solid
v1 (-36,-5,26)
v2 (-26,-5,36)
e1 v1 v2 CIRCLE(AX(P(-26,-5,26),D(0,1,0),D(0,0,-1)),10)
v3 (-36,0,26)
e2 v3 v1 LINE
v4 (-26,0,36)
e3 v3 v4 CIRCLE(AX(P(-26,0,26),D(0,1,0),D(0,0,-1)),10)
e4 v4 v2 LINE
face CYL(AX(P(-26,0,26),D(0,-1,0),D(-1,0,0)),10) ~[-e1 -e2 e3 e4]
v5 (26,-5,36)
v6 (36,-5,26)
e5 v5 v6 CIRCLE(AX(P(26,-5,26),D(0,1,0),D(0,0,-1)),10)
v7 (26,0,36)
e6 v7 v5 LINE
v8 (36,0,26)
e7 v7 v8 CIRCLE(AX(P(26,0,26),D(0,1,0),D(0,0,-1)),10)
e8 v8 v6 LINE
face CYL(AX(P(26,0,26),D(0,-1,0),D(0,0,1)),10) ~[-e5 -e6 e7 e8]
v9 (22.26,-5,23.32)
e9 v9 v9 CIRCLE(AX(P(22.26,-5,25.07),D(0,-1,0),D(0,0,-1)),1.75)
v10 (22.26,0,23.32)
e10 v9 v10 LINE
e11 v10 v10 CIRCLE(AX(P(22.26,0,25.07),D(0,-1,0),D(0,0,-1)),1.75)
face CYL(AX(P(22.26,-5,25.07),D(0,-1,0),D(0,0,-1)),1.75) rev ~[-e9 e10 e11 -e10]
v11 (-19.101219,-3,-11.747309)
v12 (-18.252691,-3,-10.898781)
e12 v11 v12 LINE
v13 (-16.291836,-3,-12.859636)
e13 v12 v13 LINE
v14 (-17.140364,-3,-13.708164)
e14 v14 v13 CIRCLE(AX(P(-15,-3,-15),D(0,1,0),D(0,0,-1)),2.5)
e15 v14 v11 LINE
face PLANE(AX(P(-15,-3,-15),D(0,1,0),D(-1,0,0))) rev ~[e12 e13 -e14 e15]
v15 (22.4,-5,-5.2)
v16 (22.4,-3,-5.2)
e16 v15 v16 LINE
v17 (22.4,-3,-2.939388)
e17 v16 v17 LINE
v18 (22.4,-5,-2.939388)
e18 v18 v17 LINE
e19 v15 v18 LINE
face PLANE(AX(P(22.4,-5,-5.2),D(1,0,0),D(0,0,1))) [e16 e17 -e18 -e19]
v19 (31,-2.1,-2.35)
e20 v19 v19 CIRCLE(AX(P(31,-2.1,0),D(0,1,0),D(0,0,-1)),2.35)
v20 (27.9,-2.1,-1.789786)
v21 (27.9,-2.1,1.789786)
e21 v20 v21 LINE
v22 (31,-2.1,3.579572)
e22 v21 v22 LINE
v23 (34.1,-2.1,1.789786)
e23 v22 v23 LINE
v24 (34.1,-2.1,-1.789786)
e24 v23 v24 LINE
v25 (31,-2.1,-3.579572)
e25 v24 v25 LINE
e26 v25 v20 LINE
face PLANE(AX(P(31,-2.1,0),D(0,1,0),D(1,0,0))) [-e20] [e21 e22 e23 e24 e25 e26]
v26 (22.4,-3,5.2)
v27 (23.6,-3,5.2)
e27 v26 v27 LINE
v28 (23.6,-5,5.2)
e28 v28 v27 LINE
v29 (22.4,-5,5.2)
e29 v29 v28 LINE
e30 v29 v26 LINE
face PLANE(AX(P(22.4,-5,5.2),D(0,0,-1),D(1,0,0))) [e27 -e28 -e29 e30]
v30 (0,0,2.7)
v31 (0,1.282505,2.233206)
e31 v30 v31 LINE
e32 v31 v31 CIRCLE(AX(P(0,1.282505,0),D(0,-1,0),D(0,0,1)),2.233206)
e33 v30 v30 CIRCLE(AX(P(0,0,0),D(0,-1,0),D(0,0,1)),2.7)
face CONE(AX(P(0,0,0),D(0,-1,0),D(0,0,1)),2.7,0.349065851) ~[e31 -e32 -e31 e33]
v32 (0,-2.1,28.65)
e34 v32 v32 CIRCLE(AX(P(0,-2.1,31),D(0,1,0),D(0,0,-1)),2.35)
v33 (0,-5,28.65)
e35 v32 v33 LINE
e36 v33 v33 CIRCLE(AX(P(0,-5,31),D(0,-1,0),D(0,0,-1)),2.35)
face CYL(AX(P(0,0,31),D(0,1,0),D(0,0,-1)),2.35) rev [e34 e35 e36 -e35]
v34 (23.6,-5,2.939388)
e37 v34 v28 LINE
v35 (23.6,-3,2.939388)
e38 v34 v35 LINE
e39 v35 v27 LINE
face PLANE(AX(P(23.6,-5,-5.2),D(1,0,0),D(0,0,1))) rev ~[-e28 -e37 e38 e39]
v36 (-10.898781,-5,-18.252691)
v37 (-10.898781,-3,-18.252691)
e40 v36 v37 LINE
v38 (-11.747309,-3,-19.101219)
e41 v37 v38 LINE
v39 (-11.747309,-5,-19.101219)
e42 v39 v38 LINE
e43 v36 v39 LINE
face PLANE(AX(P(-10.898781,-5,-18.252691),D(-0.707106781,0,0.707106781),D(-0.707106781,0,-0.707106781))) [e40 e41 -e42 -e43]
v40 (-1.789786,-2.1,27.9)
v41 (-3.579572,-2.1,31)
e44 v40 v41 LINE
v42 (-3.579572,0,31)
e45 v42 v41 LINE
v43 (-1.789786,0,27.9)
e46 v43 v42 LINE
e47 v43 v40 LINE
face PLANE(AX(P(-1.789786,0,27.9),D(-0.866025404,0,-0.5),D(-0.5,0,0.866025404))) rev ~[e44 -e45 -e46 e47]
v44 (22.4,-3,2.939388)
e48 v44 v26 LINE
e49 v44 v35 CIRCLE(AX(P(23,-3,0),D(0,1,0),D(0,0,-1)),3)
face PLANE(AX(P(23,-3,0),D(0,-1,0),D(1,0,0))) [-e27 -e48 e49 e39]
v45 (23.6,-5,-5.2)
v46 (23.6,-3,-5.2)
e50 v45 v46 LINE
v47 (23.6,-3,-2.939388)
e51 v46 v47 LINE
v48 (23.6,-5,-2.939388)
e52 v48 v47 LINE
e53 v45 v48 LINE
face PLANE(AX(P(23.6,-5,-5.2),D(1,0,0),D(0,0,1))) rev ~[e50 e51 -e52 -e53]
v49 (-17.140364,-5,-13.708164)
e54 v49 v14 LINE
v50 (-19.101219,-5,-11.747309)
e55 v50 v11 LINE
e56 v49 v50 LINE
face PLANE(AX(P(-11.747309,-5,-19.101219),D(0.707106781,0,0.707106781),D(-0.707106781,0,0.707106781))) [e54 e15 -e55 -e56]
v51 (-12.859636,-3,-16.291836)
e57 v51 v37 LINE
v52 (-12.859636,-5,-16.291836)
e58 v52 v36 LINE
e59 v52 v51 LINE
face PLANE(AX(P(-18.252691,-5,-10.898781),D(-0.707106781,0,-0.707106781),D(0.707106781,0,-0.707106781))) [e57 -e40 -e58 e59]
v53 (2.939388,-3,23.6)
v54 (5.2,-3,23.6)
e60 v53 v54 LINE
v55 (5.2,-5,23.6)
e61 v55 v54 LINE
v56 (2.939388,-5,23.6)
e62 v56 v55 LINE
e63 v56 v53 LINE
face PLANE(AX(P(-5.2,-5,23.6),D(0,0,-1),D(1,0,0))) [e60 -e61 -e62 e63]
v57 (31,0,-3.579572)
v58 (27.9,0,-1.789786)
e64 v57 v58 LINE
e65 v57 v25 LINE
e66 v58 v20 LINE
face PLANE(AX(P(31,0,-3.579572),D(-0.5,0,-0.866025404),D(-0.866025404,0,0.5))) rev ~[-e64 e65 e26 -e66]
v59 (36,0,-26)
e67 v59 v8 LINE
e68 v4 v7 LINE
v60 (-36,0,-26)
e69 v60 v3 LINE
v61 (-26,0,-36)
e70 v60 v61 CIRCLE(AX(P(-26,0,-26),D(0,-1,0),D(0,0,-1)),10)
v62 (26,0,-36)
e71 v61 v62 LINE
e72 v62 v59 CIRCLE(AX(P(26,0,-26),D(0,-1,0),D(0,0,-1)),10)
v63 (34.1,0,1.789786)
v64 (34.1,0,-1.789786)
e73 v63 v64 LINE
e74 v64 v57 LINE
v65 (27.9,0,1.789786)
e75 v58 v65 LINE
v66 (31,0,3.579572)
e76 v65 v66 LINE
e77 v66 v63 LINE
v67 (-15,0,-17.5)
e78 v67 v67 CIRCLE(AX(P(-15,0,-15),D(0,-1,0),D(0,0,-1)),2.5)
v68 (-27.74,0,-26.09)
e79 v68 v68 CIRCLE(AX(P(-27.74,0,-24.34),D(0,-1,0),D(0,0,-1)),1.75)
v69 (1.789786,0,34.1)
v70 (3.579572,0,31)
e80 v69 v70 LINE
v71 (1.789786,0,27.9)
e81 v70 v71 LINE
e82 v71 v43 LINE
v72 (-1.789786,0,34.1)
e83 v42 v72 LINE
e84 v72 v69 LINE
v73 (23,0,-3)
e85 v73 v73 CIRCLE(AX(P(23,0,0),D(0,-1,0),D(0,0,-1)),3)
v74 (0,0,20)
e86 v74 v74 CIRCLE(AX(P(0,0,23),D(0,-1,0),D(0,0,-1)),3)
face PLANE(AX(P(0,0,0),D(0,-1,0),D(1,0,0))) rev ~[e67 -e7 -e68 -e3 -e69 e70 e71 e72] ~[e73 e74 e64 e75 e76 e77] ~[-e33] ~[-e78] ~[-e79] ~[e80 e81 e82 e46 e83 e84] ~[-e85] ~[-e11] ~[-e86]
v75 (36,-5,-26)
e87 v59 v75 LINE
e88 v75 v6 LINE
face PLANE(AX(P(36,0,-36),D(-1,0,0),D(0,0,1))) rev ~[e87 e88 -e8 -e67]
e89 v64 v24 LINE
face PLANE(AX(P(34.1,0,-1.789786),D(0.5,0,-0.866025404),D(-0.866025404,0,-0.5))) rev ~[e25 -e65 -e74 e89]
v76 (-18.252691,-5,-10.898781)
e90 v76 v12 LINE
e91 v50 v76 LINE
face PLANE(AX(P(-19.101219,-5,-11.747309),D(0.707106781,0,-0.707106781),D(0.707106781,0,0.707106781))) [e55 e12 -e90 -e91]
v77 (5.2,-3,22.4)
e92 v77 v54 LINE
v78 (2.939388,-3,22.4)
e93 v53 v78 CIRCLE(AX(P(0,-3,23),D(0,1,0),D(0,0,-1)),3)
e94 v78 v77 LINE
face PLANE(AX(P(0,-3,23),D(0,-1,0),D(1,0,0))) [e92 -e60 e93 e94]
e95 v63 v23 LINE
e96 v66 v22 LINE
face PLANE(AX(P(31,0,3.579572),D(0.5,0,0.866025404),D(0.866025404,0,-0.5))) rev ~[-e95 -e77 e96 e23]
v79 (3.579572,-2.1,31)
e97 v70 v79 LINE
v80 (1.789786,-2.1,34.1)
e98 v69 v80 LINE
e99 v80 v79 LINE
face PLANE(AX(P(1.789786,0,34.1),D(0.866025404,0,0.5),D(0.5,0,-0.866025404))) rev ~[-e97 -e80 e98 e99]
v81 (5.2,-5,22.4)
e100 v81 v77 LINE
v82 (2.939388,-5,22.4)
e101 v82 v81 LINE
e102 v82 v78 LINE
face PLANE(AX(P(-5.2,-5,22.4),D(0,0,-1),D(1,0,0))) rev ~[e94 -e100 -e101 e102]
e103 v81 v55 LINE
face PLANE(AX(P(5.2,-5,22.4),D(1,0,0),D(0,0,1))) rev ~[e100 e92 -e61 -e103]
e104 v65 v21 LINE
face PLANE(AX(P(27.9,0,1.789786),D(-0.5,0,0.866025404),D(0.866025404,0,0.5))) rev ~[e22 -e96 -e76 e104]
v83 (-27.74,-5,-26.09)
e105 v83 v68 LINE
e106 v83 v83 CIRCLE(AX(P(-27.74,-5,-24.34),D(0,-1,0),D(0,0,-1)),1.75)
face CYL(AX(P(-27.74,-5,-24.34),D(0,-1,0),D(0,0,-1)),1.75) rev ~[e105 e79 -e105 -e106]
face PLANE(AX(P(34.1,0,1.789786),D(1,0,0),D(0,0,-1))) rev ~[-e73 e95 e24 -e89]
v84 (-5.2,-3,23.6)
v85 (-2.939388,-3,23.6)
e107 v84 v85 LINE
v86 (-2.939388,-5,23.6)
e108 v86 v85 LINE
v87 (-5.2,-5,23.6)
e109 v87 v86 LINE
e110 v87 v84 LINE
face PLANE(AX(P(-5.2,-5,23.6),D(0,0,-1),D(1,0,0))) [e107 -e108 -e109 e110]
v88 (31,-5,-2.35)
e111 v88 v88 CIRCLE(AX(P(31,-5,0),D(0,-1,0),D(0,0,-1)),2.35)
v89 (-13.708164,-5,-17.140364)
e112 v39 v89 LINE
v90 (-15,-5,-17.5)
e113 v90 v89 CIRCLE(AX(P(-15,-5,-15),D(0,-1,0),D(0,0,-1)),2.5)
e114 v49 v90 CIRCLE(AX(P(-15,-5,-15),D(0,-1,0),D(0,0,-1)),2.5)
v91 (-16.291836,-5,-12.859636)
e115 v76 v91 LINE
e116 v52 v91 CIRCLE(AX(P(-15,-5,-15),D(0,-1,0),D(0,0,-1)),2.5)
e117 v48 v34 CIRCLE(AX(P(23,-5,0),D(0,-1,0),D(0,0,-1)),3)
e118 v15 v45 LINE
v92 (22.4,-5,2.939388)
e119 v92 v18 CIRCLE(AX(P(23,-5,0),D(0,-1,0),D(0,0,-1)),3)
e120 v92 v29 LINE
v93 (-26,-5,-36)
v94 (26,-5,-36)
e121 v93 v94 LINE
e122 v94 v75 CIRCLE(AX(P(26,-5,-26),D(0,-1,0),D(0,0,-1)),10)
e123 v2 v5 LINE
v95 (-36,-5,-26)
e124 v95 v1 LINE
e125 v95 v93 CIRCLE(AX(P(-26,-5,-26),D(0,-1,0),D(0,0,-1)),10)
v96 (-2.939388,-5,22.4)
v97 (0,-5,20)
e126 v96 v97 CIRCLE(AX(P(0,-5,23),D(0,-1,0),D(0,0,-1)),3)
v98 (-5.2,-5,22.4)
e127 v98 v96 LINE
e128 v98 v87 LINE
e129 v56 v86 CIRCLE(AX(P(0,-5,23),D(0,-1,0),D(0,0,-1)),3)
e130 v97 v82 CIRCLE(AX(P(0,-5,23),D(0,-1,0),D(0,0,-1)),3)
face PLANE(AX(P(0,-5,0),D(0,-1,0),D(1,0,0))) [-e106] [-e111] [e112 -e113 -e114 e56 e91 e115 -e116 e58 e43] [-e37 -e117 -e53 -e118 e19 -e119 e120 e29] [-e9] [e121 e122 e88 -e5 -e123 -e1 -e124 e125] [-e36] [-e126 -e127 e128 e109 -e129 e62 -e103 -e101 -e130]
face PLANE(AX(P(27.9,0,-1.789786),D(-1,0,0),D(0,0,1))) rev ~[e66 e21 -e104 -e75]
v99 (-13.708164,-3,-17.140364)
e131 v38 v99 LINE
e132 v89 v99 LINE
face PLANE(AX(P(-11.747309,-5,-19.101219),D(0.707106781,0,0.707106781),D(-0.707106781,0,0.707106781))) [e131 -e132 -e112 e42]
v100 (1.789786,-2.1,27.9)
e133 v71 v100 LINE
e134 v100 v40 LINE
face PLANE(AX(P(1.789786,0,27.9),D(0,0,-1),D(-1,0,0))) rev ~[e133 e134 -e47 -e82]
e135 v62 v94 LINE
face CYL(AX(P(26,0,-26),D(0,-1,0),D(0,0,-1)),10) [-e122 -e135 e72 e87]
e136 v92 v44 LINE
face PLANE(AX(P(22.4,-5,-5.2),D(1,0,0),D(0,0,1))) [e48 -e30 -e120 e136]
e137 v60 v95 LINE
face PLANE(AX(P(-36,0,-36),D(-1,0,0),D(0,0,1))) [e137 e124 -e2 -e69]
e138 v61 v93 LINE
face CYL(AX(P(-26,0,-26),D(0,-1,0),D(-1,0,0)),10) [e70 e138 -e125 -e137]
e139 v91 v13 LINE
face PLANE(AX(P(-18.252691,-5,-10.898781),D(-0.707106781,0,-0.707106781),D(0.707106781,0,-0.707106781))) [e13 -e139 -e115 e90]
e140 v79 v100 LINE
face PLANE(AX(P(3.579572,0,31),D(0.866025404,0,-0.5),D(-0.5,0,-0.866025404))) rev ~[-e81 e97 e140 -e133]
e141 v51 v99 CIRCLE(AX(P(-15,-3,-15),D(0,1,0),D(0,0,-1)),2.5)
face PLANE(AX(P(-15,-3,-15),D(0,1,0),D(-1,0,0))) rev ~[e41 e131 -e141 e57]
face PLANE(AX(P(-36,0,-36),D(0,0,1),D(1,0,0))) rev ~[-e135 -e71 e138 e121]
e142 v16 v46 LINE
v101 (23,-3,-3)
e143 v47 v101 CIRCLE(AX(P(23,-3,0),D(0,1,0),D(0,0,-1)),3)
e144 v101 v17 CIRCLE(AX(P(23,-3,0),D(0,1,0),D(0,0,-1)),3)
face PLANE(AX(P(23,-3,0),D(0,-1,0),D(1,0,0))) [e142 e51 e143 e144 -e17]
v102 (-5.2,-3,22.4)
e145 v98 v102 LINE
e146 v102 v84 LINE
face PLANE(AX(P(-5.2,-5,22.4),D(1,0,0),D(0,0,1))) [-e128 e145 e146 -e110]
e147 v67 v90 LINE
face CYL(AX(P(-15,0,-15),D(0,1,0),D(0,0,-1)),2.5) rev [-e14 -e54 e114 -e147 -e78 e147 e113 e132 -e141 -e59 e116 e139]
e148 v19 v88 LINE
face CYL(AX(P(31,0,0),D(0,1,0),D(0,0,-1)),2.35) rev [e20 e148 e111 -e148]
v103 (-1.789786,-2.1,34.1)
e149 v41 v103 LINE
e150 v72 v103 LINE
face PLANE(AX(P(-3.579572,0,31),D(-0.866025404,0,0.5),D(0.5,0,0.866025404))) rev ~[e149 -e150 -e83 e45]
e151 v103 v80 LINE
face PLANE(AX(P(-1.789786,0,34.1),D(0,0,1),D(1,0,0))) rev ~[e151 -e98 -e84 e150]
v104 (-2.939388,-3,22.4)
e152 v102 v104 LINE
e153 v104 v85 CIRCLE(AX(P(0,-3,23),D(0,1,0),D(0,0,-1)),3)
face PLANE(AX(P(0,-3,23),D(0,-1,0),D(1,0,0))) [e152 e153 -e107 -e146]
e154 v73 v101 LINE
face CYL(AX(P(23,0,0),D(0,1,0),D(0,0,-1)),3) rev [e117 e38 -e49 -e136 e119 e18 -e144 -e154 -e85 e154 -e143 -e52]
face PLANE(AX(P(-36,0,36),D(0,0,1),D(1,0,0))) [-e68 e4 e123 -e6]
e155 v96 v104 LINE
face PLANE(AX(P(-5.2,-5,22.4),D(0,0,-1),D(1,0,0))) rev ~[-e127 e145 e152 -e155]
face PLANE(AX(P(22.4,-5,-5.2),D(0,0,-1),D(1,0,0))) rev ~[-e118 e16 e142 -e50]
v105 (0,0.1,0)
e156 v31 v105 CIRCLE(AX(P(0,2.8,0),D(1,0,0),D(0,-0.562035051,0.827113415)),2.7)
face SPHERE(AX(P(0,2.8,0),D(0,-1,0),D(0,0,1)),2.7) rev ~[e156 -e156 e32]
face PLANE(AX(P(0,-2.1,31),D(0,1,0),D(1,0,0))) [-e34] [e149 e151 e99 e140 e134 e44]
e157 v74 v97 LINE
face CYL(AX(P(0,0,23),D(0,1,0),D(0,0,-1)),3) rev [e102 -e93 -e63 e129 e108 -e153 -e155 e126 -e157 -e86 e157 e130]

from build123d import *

# Parameters (mm, degrees)
SKETCH4_W           = 72
SKETCH4_H           = 72
SKETCH4_R           = 3
SKETCH4_R_2         = 2.5
SKETCH4_R_3         = 2.35
BOSS_EXTRUDE2_DEPTH = 5
SKETCH5_W           = 10.4
SKETCH5_H           = 1.2
SKETCH5_W_2         = 1.2
SKETCH5_H_2         = 10.4
CUT_EXTRUDE1_DEPTH  = 2
CUT_EXTRUDE2_DEPTH  = 2.1
FILLET1_R           = 10
SKETCH7_R           = 1.75
CUT_EXTRUDE3_DEPTH  = 5
SKETCH8_R           = 1.75
CUT_EXTRUDE4_DEPTH  = 5


with BuildPart() as part:
    # Sketch3 → Revolve1 (revolve)
    with BuildSketch(Plane.XY, mode=Mode.PRIVATE) as revolve1_sk:
        with BuildLine():
            Line((0, 0), (2.7, 0))
            Line((2.7, 0), (2.233206222, 1.282505364))
            ThreePointArc((2.233206222, 1.282505364), (1.26348021, 0.413869711), (0, 0.1))
            Line((0, 0.1), (0, 0))
        make_face()
    revolve(revolve1_sk.sketch.rotate(Axis((0, 0.1, 0), (0, -1, 0)), 90), axis=Axis((0, 0.1, 0), (0, -1, 0)))

    # Sketch4 → Boss-Extrude2 (add)
    with BuildSketch(Plane.XZ):
        Rectangle(SKETCH4_W, SKETCH4_H)
        with Locations(Location((23, 0, 0), (0, 0, 270))):
            Circle(SKETCH4_R, mode=Mode.SUBTRACT)
        with Locations(Location((0, 23, 0), (0, 0, 270))):
            Circle(SKETCH4_R, mode=Mode.SUBTRACT)
        with Locations(Location((-15, -15, 0), (0, 0, 270))):
            Circle(SKETCH4_R_2, mode=Mode.SUBTRACT)
        with Locations(Location((0, 31, 0), (0, 0, 270))):
            Circle(SKETCH4_R_3, mode=Mode.SUBTRACT)
        with Locations(Location((31, 0, 0), (0, 0, 270))):
            Circle(SKETCH4_R_3, mode=Mode.SUBTRACT)
    extrude(amount=BOSS_EXTRUDE2_DEPTH)

    # Sketch5 → Cut-Extrude1 (cut)
    with BuildSketch(Plane.XZ.offset(5)):
        with Locations((0, 23)):
            Rectangle(SKETCH5_W, SKETCH5_H)
        with Locations((23, 0)):
            Rectangle(SKETCH5_W_2, SKETCH5_H_2)
        Polygon((-18.252691193, -10.898780669), (-10.898780669, -18.252691193), (-11.747308807, -19.101219331), (-19.101219331, -11.747308807), align=None)
    extrude(amount=-CUT_EXTRUDE1_DEPTH, mode=Mode.SUBTRACT)

    # Sketch6 → Cut-Extrude2 (cut)
    with BuildSketch(Plane(origin=(0, 0, 0), x_dir=(1, 0, 0), z_dir=(0, 1, 0))):
        Polygon((1.789785834, -27.9), (-1.789785834, -27.9), (-3.579571669, -31), (-1.789785834, -34.1), (1.789785834, -34.1), (3.579571669, -31), align=None)
        Polygon((34.1, 1.789785834), (31, 3.579571669), (27.9, 1.789785834), (27.9, -1.789785834), (31, -3.579571669), (34.1, -1.789785834), align=None)
    extrude(amount=-CUT_EXTRUDE2_DEPTH, mode=Mode.SUBTRACT)

    # Fillet1
    fillet1_edges = [part.edges().sort_by_distance(p)[0] for p in [
        (36, -2.5, -36),
        (36, -2.5, 36),
        (-36, -2.5, 36),
        (-36, -2.5, -36),
    ]]
    fillet(fillet1_edges, radius=FILLET1_R)

    # Sketch7 → Cut-Extrude3 (cut)
    with BuildSketch(Plane.XZ.offset(5)):
        with Locations(Location((22.26, 25.07, 0), (0, 0, 270))):
            Circle(SKETCH7_R)
    extrude(amount=-CUT_EXTRUDE3_DEPTH, mode=Mode.SUBTRACT)

    # Sketch8 → Cut-Extrude4 (cut)
    with BuildSketch(Plane.XZ.offset(5)):
        with Locations(Location((-27.74, -24.34, 0), (0, 0, 270))):
            Circle(SKETCH8_R)
    extrude(amount=-CUT_EXTRUDE4_DEPTH, mode=Mode.SUBTRACT)


solid = part.part
